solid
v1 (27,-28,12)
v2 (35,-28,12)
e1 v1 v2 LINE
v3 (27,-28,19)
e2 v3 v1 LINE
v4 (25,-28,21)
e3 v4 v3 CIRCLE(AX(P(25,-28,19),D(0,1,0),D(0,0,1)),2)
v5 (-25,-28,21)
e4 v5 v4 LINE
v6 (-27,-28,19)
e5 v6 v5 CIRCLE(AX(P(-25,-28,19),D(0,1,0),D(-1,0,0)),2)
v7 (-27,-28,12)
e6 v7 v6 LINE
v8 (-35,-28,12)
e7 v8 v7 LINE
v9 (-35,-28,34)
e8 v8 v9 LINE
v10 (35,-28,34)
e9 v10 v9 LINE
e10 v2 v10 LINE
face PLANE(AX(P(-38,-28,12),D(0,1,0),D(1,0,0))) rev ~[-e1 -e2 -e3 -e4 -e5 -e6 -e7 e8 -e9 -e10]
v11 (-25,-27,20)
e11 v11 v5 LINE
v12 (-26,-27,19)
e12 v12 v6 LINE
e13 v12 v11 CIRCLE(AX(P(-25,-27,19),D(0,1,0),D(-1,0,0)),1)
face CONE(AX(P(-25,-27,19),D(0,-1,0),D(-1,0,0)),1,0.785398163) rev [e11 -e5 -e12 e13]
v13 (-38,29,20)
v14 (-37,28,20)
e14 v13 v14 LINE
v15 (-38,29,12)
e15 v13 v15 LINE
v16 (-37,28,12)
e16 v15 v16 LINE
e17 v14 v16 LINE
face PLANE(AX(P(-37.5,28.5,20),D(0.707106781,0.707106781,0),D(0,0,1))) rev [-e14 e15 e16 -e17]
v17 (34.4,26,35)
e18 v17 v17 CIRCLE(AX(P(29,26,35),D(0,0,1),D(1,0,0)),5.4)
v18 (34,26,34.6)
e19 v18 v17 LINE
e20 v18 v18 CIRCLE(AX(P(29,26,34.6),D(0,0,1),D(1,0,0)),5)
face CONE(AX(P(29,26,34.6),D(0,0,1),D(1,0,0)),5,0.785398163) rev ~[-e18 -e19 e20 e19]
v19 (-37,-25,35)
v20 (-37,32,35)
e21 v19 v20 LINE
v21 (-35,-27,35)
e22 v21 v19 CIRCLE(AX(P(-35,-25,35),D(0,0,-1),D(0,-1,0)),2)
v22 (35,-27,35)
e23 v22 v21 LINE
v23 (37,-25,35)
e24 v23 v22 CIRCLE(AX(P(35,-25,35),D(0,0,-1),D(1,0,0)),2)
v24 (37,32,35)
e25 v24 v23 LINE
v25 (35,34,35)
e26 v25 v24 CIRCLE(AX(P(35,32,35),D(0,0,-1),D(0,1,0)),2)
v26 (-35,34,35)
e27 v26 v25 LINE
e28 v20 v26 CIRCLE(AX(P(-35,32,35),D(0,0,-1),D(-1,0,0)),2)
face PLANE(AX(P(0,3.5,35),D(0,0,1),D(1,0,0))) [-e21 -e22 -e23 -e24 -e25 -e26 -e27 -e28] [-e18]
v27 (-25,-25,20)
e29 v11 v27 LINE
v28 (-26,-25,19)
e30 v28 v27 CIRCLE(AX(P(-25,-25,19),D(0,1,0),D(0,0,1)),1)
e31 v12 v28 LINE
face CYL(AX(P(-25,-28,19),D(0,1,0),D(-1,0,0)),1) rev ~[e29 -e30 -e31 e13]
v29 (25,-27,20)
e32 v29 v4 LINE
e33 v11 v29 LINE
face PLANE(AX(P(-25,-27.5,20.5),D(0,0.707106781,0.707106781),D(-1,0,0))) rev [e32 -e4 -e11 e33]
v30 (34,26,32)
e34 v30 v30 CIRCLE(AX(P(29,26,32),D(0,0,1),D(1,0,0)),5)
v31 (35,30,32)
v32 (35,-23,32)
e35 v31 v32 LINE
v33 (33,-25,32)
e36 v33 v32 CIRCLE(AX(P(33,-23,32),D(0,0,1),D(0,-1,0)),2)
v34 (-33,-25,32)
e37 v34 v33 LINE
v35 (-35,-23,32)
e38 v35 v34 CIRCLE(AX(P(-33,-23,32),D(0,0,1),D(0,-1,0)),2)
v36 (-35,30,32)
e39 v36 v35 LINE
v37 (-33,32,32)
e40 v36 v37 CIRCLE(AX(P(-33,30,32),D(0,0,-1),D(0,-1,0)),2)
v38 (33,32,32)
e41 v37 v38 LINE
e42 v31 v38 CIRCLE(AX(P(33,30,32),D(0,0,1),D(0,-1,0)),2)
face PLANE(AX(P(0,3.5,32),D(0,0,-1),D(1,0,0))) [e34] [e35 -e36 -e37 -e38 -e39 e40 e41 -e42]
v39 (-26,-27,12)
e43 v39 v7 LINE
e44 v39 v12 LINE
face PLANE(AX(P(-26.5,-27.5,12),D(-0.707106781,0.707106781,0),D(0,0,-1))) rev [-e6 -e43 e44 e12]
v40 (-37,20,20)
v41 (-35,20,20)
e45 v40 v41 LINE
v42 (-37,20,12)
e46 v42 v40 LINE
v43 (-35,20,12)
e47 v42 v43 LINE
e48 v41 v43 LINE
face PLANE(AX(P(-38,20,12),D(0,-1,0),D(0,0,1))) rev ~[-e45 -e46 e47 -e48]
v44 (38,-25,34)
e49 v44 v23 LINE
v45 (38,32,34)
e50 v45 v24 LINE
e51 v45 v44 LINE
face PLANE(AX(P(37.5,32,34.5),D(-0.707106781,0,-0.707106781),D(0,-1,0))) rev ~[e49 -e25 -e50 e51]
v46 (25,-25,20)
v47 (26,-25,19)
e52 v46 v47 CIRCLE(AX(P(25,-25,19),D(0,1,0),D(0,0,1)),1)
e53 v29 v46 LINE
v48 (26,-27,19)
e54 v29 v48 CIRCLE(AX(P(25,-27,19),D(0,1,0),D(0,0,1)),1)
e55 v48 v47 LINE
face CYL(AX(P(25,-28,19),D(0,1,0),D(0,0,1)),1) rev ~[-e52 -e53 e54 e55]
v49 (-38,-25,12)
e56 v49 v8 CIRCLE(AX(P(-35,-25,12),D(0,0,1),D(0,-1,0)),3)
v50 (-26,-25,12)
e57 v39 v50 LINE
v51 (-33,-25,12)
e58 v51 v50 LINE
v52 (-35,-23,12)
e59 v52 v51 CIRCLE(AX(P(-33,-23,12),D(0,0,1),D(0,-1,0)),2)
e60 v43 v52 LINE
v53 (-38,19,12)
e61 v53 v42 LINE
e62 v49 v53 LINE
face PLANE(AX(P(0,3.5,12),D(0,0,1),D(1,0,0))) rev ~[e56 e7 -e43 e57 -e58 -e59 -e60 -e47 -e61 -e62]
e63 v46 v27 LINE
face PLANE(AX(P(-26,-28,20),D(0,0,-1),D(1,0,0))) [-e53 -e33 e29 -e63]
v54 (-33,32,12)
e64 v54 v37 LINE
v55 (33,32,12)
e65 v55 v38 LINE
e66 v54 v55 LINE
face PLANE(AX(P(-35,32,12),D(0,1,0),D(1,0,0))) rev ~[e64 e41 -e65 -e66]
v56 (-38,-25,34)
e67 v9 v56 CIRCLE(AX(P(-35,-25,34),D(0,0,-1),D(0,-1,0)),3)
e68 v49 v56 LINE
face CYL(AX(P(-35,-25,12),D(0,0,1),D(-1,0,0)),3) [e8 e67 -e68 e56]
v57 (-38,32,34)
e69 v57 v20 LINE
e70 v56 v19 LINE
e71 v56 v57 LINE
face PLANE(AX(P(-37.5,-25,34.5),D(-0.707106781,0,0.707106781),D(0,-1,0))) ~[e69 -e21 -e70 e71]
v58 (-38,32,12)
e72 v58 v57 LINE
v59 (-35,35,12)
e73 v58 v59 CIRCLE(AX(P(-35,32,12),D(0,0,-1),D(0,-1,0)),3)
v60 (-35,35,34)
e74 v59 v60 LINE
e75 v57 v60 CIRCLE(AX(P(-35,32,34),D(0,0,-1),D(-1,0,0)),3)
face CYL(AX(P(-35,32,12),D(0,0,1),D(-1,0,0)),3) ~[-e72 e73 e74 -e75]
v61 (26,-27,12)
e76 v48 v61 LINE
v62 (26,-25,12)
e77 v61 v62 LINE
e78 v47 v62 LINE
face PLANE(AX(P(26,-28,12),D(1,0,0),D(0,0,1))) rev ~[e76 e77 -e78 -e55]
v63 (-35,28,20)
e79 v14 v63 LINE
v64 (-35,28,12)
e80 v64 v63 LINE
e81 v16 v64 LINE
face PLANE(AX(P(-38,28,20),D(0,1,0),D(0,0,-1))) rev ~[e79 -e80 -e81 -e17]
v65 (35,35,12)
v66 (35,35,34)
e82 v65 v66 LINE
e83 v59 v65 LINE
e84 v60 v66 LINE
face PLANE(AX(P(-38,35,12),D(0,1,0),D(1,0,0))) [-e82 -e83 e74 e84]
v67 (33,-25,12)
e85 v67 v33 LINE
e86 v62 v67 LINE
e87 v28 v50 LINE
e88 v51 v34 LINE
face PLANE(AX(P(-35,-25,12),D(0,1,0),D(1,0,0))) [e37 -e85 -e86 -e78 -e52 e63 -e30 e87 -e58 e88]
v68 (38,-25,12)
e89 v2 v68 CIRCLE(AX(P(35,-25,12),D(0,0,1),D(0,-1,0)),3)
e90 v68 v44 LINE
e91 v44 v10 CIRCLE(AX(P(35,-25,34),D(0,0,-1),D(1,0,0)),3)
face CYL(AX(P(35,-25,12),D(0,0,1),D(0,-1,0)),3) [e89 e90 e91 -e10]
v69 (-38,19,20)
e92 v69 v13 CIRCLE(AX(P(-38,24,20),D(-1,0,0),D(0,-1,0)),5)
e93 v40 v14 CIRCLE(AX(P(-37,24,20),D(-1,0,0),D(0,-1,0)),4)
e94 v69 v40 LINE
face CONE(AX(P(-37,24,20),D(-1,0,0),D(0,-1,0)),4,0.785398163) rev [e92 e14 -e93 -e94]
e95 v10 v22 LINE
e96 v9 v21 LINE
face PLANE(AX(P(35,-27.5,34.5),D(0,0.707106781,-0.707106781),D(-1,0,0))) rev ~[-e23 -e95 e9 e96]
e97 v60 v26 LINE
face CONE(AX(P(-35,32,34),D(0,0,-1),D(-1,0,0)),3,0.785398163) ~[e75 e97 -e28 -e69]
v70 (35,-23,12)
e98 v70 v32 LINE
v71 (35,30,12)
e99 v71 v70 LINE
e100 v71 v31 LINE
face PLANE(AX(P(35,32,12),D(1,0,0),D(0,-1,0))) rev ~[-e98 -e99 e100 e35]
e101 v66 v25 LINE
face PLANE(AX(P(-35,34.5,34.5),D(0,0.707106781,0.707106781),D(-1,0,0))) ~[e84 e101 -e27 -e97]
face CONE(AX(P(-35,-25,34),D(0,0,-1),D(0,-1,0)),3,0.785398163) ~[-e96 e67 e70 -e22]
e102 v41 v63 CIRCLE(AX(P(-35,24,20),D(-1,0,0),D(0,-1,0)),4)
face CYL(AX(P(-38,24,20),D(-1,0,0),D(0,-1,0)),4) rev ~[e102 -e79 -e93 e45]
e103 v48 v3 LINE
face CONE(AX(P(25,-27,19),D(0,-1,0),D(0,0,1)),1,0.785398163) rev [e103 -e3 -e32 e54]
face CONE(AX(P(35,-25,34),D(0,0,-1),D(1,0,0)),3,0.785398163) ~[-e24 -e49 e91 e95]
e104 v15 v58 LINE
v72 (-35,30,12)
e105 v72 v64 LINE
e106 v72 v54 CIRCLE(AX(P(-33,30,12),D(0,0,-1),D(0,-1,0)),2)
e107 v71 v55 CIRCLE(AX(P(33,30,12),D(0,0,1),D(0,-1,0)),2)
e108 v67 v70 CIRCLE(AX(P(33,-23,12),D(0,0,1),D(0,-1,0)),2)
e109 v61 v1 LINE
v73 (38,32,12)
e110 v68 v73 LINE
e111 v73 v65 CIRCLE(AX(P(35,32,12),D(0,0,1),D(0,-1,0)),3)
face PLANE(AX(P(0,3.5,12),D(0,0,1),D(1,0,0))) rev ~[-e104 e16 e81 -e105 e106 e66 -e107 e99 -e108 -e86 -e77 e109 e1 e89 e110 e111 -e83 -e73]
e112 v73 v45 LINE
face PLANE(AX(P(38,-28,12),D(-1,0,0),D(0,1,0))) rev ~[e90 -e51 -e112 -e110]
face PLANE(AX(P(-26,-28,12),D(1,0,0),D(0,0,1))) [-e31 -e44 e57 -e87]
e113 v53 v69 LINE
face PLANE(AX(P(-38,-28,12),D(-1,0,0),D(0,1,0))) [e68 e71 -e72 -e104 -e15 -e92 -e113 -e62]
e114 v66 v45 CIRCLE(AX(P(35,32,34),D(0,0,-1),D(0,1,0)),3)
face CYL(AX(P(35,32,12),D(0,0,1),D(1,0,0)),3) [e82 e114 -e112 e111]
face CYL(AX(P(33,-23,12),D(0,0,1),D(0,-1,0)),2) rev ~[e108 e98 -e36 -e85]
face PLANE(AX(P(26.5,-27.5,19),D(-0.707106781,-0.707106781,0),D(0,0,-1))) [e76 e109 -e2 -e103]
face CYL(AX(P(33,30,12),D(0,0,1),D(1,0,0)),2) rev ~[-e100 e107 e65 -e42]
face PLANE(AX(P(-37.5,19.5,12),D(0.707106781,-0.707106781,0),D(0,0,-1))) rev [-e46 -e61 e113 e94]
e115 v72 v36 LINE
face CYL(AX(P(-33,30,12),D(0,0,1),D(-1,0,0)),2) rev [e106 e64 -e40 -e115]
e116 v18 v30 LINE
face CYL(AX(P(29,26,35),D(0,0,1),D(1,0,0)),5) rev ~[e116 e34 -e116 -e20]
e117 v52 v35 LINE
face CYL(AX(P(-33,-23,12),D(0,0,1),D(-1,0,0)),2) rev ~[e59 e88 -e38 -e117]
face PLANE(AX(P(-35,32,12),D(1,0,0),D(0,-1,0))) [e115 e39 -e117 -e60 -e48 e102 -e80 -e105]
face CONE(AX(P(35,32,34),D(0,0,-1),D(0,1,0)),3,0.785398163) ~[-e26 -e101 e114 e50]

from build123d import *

# Parameters (mm, degrees)
SKETCH014_W           = 76
SKETCH014_H           = 63
PAD003_DEPTH          = 23
FILLET004_R           = 3
SKETCH015_W           = 70
SKETCH015_H           = 57
POCKET011_DEPTH       = 20
SKETCH016_W           = 52
SKETCH016_H           = 8
POCKET012_DEPTH       = 5
POCKET013_DEPTH       = 5
FILLET007007_R        = 2
FILLET007008_R        = 1
CHAMFER013004008_SIZE = 1
SKETCH018_R           = 5
POCKET014_DEPTH       = 23.001
CHAMFER013004010_SIZE = 0.4


with BuildPart() as part:
    # Sketch014 → Pad003 (new body)
    with BuildSketch(Plane.XY):
        with Locations((0, 3.5)):
            Rectangle(SKETCH014_W, SKETCH014_H)
    extrude(amount=PAD003_DEPTH)

    # Fillet004
    fillet004_edges = [part.edges().sort_by_distance(p)[0] for p in [
        (-38, 35, 11.5),
        (-38, -28, 11.5),
        (38, -28, 11.5),
        (38, 35, 11.5),
    ]]
    fillet(fillet004_edges, radius=FILLET004_R)

    # Sketch015 (on Face2 of Fillet004) → Pocket011 (cut)
    with BuildSketch(Plane(origin=(0, 0, 0), x_dir=(1, 0, 0), z_dir=(0, 0, -1))):
        with Locations((0, -3.5)):
            Rectangle(SKETCH015_W, SKETCH015_H)
    extrude(amount=-POCKET011_DEPTH, mode=Mode.SUBTRACT)

    # Sketch016 (on Face10 of Pocket011) → Pocket012 (cut)
    with BuildSketch(Plane.XZ.offset(28)):
        with Locations((0, 4)):
            Rectangle(SKETCH016_W, SKETCH016_H)
    extrude(amount=-POCKET012_DEPTH, mode=Mode.SUBTRACT)

    # Sketch017 (on Face6 of Pocket012) → Pocket013 (cut)
    with BuildSketch(Plane(origin=(-38, 0, 0), x_dir=(0, -1, 0), z_dir=(-1, 0, 0))):
        with BuildLine():
            ThreePointArc((-20, 8), (-24, 12), (-28, 8))
            Line((-28, 8), (-28, 0))
            Line((-28, 0), (-20, 0))
            Line((-20, 0), (-20, 8))
        make_face()
    extrude(amount=-POCKET013_DEPTH, mode=Mode.SUBTRACT)

    # Fillet007007
    fillet007007_edges = [part.edges().sort_by_distance(p)[0] for p in [
        (-35, 32, 10),
        (-35, -25, 10),
        (35, -25, 10),
        (35, 32, 10),
    ]]
    fillet(fillet007007_edges, radius=FILLET007007_R)

    # Fillet007008
    fillet007008_edges = [part.edges().sort_by_distance(p)[0] for p in [
        (-26, -26.5, 8),
        (26, -26.5, 8),
    ]]
    fillet(fillet007008_edges, radius=FILLET007008_R)

    # Chamfer013004008
    chamfer013004008_edges = [part.edges().sort_by_distance(p)[0] for p in [
        (0, 35, 23),
        (-37.12132, 34.12132, 23),
        (37.12132, 34.12132, 23),
        (-38, 3.5, 23),
        (38, 3.5, 23),
        (-37.12132, -27.12132, 23),
        (37.12132, -27.12132, 23),
        (0, -28, 23),
        (-38, 28, 4),
        (-38, 24, 12),
        (-38, 20, 4),
        (-26, -28, 3.5),
        (-25.707107, -28, 7.707107),
        (0, -28, 8),
        (26, -28, 3.5),
        (25.707107, -28, 7.707107),
    ]]
    chamfer(chamfer013004008_edges, length=CHAMFER013004008_SIZE)

    # Sketch018 (on Face40 of Chamfer013004008) → Pocket014 (cut, through all)
    with BuildSketch(Plane.XY.offset(23)):
        with Locations((29, 26)):
            Circle(SKETCH018_R)
    extrude(amount=-POCKET014_DEPTH, mode=Mode.SUBTRACT)

    # Chamfer013004010
    chamfer013004010_edges = [part.edges().sort_by_distance(p)[0] for p in [
        (24, 26, 23),
    ]]
    chamfer(chamfer013004010_edges, length=CHAMFER013004010_SIZE)


with BuildPart() as part_1:
    # Body002 placement: moved
    add(part.part.moved(Location((0, 0, 12))))


solid = part_1.part
